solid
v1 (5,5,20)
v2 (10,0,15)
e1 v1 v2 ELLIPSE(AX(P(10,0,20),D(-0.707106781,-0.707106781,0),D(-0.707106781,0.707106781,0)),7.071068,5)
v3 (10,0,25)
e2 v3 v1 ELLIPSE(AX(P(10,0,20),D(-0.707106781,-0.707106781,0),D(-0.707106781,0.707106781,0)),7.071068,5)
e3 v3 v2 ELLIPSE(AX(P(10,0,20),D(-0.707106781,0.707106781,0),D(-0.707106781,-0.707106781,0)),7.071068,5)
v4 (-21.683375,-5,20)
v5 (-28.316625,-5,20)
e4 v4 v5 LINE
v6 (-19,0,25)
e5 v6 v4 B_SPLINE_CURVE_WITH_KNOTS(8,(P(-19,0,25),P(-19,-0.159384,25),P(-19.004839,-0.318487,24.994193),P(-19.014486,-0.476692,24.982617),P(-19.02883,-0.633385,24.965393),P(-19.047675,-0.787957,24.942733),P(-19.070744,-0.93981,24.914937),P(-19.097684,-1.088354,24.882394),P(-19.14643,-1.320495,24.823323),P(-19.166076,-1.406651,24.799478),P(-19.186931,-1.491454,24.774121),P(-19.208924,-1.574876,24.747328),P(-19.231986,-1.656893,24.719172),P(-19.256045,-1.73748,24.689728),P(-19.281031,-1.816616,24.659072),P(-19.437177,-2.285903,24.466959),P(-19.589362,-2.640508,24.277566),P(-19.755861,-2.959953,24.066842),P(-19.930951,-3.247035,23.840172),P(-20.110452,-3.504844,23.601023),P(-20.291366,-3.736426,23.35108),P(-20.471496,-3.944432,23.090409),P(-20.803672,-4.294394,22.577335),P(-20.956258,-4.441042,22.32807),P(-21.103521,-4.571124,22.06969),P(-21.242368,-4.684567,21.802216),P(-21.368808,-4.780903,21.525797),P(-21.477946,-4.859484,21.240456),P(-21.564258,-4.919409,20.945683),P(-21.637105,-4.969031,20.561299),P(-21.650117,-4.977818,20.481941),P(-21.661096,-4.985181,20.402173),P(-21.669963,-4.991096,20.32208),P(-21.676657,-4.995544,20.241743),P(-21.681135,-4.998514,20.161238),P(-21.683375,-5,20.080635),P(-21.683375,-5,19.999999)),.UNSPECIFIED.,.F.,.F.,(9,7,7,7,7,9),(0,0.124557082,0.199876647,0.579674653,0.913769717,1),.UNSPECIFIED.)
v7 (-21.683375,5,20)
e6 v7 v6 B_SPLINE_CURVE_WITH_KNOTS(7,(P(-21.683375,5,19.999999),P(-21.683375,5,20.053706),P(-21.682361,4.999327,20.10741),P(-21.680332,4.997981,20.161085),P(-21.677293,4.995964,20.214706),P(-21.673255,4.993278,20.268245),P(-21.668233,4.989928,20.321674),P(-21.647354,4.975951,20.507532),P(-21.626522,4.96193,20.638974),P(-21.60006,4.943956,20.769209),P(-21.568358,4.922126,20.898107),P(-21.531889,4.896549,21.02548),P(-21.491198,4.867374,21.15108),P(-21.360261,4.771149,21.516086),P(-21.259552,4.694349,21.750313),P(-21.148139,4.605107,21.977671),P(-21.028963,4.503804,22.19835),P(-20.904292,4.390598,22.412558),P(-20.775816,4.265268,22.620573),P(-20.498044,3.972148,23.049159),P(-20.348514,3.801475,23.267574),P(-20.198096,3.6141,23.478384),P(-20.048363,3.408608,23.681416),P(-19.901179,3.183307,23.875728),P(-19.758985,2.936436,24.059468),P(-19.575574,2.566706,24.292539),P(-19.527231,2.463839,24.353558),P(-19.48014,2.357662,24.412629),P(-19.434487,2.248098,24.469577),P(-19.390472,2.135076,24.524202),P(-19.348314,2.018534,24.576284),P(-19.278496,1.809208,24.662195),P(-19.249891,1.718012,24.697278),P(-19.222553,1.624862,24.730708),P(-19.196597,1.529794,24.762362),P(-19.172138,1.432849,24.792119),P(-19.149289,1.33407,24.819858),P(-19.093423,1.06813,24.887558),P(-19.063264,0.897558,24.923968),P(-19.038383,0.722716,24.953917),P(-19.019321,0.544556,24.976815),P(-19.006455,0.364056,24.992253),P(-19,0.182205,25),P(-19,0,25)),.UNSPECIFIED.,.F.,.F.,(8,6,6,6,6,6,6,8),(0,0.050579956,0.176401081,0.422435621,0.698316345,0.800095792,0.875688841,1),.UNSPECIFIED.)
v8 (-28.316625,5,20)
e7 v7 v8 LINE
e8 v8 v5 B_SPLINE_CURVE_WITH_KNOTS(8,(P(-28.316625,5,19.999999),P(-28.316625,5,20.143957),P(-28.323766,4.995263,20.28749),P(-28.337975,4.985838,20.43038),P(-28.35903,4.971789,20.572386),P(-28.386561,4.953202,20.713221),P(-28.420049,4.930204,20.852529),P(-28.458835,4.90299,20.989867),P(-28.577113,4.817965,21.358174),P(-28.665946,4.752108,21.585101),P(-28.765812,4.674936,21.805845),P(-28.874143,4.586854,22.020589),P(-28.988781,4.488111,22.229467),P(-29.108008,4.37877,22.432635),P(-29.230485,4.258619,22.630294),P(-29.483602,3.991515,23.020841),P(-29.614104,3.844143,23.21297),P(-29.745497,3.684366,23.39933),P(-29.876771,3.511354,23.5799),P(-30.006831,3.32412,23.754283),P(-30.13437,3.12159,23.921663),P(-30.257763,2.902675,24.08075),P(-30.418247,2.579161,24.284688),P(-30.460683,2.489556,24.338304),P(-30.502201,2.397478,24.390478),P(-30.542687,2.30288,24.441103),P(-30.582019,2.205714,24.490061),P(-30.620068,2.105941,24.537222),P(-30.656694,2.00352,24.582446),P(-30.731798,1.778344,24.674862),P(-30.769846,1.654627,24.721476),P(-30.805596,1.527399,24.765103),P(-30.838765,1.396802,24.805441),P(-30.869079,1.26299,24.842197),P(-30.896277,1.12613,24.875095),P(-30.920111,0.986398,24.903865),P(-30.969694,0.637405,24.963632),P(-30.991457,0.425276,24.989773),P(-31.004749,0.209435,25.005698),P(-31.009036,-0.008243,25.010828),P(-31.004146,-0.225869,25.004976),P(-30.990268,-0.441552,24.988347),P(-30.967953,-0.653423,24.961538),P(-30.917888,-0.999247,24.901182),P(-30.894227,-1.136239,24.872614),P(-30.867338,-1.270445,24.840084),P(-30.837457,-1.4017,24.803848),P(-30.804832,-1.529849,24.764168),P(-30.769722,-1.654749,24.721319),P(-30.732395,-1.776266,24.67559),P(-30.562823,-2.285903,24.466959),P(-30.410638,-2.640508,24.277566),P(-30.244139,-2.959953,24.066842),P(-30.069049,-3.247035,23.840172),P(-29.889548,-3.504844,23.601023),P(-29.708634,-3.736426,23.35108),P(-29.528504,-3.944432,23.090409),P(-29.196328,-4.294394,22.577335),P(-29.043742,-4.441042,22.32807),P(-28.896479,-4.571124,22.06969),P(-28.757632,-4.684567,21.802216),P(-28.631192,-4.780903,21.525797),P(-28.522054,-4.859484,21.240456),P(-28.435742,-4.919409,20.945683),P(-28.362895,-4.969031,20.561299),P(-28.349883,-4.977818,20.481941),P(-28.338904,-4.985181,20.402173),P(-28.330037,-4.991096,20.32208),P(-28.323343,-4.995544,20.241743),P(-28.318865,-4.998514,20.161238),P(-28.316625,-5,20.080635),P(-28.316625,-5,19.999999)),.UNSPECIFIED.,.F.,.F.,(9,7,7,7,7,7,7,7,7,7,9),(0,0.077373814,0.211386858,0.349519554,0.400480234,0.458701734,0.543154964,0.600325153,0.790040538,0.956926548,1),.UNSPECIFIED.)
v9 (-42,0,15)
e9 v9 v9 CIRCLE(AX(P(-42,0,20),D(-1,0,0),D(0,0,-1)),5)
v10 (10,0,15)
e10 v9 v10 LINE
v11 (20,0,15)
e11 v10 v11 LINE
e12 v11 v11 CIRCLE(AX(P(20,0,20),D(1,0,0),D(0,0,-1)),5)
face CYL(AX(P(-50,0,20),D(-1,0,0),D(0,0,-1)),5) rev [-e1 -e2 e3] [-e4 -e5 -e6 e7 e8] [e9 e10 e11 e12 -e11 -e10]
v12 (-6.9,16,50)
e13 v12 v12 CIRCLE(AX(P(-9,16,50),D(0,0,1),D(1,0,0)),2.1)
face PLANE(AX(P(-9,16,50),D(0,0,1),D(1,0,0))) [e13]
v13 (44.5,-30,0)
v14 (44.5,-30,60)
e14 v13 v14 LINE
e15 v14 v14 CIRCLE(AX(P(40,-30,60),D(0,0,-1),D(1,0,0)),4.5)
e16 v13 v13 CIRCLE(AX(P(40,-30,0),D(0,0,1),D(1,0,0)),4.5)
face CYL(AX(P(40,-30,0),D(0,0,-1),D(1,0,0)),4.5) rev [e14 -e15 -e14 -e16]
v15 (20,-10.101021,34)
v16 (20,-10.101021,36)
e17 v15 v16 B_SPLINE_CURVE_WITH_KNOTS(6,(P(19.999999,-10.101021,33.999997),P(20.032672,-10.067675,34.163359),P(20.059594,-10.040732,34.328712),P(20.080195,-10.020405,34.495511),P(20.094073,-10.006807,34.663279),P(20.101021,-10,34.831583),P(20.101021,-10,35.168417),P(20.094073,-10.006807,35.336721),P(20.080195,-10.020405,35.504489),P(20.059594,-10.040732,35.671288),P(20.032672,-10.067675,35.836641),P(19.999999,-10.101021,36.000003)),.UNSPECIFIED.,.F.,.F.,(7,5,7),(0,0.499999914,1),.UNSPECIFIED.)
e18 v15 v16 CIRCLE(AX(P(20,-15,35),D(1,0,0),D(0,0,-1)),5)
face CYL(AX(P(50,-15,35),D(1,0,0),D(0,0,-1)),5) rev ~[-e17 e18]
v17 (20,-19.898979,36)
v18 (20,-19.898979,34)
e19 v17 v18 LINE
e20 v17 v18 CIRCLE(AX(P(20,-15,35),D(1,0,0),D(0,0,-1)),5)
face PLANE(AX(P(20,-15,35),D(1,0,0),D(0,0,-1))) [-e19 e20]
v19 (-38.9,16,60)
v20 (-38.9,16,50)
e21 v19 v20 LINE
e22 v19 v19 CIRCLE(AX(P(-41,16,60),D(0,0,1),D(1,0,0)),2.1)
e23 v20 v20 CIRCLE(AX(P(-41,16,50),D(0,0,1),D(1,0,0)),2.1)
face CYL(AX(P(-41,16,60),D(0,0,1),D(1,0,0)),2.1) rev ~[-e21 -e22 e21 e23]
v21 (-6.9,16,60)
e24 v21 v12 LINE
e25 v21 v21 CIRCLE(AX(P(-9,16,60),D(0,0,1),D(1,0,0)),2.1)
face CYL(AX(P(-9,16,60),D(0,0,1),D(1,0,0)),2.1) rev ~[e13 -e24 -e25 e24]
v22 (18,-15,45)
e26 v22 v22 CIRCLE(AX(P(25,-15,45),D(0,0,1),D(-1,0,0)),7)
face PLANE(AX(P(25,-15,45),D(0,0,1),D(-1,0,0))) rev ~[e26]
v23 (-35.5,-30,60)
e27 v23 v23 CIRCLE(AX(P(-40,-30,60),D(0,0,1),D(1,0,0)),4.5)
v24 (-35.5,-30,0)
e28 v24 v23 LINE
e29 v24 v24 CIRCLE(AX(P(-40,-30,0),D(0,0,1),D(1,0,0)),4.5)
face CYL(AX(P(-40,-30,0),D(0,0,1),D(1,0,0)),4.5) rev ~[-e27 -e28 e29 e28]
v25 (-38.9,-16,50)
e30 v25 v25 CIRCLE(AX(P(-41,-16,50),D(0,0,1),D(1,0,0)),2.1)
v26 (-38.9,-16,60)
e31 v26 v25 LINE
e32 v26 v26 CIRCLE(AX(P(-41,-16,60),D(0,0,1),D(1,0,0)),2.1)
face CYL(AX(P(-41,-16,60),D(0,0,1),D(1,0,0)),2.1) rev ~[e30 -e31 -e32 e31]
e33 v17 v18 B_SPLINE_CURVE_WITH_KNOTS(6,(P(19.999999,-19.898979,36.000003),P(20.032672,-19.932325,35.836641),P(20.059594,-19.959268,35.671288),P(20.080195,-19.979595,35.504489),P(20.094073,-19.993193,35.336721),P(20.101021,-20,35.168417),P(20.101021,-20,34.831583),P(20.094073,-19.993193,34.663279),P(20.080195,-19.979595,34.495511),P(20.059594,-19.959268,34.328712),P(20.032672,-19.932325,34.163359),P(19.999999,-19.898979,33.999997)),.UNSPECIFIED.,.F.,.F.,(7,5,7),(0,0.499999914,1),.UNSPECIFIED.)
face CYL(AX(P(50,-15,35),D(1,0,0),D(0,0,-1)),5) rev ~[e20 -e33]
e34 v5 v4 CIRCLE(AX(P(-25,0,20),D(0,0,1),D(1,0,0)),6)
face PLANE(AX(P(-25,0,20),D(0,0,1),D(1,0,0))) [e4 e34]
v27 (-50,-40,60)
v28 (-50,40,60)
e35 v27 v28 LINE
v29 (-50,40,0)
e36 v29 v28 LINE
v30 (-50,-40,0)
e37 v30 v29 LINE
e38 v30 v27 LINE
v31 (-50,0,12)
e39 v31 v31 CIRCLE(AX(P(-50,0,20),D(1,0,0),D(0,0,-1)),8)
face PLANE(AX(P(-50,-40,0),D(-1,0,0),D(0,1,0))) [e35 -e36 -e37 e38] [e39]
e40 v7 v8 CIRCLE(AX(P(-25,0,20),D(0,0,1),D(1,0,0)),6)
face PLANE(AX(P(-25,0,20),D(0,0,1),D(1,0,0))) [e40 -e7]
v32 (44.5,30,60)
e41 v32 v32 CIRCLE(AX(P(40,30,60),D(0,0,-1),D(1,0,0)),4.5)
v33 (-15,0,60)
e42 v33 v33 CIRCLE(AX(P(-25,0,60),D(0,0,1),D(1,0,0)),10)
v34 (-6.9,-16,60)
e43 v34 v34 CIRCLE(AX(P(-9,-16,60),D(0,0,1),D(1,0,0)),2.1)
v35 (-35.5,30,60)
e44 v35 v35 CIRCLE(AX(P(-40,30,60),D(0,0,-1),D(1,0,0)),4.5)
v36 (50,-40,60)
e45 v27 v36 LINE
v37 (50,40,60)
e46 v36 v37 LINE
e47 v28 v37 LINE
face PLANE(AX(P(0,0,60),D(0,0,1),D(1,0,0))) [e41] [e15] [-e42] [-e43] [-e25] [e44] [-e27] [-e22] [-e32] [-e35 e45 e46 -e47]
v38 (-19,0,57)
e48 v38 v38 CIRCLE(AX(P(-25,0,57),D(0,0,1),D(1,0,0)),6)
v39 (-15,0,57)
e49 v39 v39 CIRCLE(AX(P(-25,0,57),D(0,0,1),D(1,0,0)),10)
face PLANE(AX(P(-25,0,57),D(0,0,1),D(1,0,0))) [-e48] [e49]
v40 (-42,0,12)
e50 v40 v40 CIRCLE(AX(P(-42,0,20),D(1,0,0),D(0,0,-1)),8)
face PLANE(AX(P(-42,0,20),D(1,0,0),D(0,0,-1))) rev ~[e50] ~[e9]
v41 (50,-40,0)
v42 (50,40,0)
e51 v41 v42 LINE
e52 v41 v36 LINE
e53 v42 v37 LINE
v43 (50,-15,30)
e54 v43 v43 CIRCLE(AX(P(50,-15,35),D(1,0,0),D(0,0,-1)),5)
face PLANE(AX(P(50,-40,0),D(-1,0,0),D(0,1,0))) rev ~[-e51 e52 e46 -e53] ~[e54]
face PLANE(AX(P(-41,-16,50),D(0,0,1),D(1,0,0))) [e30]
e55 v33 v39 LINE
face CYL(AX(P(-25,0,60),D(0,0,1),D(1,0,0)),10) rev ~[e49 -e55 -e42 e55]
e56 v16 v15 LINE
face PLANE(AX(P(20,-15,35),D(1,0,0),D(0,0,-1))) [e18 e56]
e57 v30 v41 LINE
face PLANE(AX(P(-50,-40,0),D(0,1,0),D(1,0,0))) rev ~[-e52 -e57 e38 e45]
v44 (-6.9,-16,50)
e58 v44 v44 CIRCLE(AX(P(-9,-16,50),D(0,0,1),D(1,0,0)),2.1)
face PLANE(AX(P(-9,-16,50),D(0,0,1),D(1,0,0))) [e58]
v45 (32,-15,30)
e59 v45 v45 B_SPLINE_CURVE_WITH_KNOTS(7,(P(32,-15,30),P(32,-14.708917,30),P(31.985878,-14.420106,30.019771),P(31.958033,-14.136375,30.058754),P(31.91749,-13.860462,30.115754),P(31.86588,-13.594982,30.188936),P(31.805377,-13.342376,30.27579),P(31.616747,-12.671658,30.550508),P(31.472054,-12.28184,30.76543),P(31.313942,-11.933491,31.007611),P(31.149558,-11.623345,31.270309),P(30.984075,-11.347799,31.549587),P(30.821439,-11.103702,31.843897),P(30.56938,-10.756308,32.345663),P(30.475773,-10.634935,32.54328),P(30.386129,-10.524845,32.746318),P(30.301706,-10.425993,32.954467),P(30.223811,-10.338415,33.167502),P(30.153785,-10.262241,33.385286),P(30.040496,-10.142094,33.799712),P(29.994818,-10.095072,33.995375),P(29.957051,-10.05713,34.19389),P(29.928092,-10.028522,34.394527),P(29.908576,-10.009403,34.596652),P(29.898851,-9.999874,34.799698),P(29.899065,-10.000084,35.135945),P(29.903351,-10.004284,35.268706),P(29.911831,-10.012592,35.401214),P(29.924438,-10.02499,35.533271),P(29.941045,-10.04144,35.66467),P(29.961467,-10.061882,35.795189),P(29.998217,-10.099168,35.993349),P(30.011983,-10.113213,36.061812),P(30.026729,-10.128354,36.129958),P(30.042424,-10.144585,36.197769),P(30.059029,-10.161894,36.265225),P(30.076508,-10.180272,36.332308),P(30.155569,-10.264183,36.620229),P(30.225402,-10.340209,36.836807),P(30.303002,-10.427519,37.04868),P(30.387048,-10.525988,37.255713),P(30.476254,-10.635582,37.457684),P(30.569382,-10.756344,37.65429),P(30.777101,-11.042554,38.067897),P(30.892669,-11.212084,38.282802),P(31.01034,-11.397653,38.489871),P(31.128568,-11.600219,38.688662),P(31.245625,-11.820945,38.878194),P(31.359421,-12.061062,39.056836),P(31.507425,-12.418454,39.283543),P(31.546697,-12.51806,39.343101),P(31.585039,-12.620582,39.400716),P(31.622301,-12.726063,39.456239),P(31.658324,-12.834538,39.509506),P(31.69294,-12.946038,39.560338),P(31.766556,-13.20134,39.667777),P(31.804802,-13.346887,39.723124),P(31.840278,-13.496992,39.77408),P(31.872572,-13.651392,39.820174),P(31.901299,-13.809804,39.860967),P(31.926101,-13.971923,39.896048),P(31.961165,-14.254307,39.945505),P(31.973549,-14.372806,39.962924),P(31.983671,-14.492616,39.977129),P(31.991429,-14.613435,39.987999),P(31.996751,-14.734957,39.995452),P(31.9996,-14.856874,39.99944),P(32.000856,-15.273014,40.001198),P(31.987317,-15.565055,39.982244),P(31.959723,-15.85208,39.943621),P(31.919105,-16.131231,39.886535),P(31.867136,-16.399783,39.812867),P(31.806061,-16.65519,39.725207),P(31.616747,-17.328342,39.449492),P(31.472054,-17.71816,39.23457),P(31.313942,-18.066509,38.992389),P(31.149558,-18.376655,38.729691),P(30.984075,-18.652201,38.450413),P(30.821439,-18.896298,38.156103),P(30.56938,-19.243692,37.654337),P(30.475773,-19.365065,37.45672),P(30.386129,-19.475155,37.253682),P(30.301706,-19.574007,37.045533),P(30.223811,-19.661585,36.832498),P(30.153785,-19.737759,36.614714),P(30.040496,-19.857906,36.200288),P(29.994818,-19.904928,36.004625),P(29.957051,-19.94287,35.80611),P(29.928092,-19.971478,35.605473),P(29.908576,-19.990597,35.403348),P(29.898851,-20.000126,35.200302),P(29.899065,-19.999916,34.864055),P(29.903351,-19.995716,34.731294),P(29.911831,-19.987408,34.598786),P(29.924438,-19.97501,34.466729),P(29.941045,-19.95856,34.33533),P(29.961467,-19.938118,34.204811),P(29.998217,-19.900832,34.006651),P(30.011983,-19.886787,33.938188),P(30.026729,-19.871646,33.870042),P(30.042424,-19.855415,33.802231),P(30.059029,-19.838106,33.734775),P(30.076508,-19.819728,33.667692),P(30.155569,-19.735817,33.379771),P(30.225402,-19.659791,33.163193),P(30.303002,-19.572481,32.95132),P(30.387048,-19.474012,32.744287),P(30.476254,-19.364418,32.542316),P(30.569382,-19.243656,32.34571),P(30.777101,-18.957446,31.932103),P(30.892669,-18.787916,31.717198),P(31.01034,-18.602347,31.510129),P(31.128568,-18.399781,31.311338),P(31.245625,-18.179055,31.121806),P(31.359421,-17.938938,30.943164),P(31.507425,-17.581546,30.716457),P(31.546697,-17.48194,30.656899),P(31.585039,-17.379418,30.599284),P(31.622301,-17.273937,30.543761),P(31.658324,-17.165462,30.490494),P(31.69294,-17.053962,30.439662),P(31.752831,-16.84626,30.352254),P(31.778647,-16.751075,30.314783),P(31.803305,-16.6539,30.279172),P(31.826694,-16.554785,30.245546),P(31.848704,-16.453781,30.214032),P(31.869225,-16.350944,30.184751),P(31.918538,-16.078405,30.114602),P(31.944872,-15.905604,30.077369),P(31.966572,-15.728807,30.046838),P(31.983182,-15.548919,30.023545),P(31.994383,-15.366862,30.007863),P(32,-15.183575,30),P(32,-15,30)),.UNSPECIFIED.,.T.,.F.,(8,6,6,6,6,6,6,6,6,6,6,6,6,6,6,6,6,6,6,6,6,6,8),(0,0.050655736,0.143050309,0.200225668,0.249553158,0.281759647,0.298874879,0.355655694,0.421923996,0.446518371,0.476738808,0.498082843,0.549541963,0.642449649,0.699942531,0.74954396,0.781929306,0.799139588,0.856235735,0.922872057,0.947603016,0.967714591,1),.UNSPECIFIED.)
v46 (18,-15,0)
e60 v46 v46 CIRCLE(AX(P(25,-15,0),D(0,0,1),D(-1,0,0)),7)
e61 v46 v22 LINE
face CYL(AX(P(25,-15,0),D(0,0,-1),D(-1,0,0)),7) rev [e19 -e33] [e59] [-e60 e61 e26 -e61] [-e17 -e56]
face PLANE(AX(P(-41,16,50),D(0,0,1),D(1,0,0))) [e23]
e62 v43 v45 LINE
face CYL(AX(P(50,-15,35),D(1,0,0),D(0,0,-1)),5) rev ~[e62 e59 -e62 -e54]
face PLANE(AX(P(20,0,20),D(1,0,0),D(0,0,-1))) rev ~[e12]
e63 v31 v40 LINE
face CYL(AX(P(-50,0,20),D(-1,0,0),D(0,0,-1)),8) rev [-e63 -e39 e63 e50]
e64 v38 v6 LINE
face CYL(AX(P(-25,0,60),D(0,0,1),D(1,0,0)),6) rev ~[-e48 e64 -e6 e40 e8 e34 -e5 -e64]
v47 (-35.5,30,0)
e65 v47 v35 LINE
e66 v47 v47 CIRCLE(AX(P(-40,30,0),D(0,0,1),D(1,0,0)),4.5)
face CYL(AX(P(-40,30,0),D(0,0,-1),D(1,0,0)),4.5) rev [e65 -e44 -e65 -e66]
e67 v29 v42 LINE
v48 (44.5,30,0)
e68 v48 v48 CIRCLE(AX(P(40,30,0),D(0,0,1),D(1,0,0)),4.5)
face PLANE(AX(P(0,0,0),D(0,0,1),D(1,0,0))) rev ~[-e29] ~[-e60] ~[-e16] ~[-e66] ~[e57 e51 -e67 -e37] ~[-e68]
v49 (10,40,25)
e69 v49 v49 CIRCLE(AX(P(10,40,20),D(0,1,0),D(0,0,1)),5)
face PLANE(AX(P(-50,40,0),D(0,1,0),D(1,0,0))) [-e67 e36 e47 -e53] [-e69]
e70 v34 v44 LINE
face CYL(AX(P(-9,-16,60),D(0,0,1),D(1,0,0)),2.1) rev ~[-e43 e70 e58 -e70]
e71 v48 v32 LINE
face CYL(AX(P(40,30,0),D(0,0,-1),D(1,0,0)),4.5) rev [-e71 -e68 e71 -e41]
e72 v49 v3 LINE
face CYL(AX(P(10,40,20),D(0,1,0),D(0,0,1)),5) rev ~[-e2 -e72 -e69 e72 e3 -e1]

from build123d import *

# Parameters (mm, degrees)
SKETCH_1_W          = 100
SKETCH_1_H          = 80
EXTRUDE_1_DEPTH     = 60
SKETCH_2_R          = 10
CUT_EXTRUDE_1_DEPTH = 3
SKETCH_3_R          = 6
CUT_EXTRUDE_2_DEPTH = 40
SKETCH_4_R          = 8
CUT_EXTRUDE_3_DEPTH = 8
SKETCH_5_R          = 5
CUT_EXTRUDE_4_DEPTH = 70
SKETCH_6_R          = 5
CUT_EXTRUDE_5_DEPTH = 40
SKETCH_7_R          = 7
CUT_EXTRUDE_6_DEPTH = 45
SKETCH_8_R          = 5
CUT_EXTRUDE_7_DEPTH = 30
SKETCH_9_R          = 4.5
CUT_EXTRUDE_8_DEPTH = 101
SKETCH_10_R         = 2.1
CUT_EXTRUDE_9_DEPTH = 10


with BuildPart() as part:
    # 草图1 → 凸台-拉伸1 (new body)
    with BuildSketch(Plane.XY):
        Rectangle(SKETCH_1_W, SKETCH_1_H)
    extrude(amount=EXTRUDE_1_DEPTH)

    # 草图2 → 切除-拉伸1 (cut)
    with BuildSketch(Plane.XY.offset(60)):
        with Locations((-25, 0)):
            Circle(SKETCH_2_R)
    extrude(amount=-CUT_EXTRUDE_1_DEPTH, mode=Mode.SUBTRACT)

    # 草图3 → 切除-拉伸2 (cut)
    with BuildSketch(Plane.XY.offset(60)):
        with Locations((-25, 0)):
            Circle(SKETCH_3_R)
    extrude(amount=-CUT_EXTRUDE_2_DEPTH, mode=Mode.SUBTRACT)

    # 草图4 → 切除-拉伸3 (cut)
    with BuildSketch(Plane(origin=(-50, 0, 0), x_dir=(0, 0, -1), z_dir=(1, 0, 0))):
        with Locations((-20, 0)):
            Circle(SKETCH_4_R)
    extrude(amount=CUT_EXTRUDE_3_DEPTH, mode=Mode.SUBTRACT)

    # 草图5 → 切除-拉伸4 (cut)
    with BuildSketch(Plane(origin=(-50, 0, 0), x_dir=(0, 0, -1), z_dir=(1, 0, 0))):
        with Locations((-20, 0)):
            Circle(SKETCH_5_R)
    extrude(amount=CUT_EXTRUDE_4_DEPTH, mode=Mode.SUBTRACT)

    # 草图6 → 切除-拉伸5 (cut)
    with BuildSketch(Plane(origin=(0, 40, 0), x_dir=(1, 0, 0), z_dir=(0, 1, 0))):
        with Locations(Location((10, -20, 0), (0, 0, 270))):
            Circle(SKETCH_6_R)
    extrude(amount=-CUT_EXTRUDE_5_DEPTH, mode=Mode.SUBTRACT)

    # 草图7 → 切除-拉伸6 (cut)
    with BuildSketch(Plane.XY):
        with Locations(Location((25, -15, 0), (0, 0, 180))):
            Circle(SKETCH_7_R)
    extrude(amount=CUT_EXTRUDE_6_DEPTH, mode=Mode.SUBTRACT)

    # 草图8 → 切除-拉伸7 (cut)
    with BuildSketch(Plane(origin=(50, 0, 0), x_dir=(0, 0, -1), z_dir=(1, 0, 0))):
        with Locations((-35, -15)):
            Circle(SKETCH_8_R)
    extrude(amount=-CUT_EXTRUDE_7_DEPTH, mode=Mode.SUBTRACT)

    # 草图9 → 切除-拉伸8 (cut, symmetric)
    with BuildSketch(Plane.XY):
        with Locations((40, 30)):
            Circle(SKETCH_9_R)
        with Locations((40, -30)):
            Circle(SKETCH_9_R)
        with Locations((-40, 30)):
            Circle(SKETCH_9_R)
        with Locations((-40, -30)):
            Circle(SKETCH_9_R)
    extrude(amount=CUT_EXTRUDE_8_DEPTH, both=True, mode=Mode.SUBTRACT)

    # 草图10 → 切除-拉伸9 (cut)
    with BuildSketch(Plane.XY.offset(60)):
        with Locations((-9, 16)):
            Circle(SKETCH_10_R)
        with Locations((-9, -16)):
            Circle(SKETCH_10_R)
        with Locations((-41, 16)):
            Circle(SKETCH_10_R)
        with Locations((-41, -16)):
            Circle(SKETCH_10_R)
    extrude(amount=-CUT_EXTRUDE_9_DEPTH, mode=Mode.SUBTRACT)


solid = part.part
